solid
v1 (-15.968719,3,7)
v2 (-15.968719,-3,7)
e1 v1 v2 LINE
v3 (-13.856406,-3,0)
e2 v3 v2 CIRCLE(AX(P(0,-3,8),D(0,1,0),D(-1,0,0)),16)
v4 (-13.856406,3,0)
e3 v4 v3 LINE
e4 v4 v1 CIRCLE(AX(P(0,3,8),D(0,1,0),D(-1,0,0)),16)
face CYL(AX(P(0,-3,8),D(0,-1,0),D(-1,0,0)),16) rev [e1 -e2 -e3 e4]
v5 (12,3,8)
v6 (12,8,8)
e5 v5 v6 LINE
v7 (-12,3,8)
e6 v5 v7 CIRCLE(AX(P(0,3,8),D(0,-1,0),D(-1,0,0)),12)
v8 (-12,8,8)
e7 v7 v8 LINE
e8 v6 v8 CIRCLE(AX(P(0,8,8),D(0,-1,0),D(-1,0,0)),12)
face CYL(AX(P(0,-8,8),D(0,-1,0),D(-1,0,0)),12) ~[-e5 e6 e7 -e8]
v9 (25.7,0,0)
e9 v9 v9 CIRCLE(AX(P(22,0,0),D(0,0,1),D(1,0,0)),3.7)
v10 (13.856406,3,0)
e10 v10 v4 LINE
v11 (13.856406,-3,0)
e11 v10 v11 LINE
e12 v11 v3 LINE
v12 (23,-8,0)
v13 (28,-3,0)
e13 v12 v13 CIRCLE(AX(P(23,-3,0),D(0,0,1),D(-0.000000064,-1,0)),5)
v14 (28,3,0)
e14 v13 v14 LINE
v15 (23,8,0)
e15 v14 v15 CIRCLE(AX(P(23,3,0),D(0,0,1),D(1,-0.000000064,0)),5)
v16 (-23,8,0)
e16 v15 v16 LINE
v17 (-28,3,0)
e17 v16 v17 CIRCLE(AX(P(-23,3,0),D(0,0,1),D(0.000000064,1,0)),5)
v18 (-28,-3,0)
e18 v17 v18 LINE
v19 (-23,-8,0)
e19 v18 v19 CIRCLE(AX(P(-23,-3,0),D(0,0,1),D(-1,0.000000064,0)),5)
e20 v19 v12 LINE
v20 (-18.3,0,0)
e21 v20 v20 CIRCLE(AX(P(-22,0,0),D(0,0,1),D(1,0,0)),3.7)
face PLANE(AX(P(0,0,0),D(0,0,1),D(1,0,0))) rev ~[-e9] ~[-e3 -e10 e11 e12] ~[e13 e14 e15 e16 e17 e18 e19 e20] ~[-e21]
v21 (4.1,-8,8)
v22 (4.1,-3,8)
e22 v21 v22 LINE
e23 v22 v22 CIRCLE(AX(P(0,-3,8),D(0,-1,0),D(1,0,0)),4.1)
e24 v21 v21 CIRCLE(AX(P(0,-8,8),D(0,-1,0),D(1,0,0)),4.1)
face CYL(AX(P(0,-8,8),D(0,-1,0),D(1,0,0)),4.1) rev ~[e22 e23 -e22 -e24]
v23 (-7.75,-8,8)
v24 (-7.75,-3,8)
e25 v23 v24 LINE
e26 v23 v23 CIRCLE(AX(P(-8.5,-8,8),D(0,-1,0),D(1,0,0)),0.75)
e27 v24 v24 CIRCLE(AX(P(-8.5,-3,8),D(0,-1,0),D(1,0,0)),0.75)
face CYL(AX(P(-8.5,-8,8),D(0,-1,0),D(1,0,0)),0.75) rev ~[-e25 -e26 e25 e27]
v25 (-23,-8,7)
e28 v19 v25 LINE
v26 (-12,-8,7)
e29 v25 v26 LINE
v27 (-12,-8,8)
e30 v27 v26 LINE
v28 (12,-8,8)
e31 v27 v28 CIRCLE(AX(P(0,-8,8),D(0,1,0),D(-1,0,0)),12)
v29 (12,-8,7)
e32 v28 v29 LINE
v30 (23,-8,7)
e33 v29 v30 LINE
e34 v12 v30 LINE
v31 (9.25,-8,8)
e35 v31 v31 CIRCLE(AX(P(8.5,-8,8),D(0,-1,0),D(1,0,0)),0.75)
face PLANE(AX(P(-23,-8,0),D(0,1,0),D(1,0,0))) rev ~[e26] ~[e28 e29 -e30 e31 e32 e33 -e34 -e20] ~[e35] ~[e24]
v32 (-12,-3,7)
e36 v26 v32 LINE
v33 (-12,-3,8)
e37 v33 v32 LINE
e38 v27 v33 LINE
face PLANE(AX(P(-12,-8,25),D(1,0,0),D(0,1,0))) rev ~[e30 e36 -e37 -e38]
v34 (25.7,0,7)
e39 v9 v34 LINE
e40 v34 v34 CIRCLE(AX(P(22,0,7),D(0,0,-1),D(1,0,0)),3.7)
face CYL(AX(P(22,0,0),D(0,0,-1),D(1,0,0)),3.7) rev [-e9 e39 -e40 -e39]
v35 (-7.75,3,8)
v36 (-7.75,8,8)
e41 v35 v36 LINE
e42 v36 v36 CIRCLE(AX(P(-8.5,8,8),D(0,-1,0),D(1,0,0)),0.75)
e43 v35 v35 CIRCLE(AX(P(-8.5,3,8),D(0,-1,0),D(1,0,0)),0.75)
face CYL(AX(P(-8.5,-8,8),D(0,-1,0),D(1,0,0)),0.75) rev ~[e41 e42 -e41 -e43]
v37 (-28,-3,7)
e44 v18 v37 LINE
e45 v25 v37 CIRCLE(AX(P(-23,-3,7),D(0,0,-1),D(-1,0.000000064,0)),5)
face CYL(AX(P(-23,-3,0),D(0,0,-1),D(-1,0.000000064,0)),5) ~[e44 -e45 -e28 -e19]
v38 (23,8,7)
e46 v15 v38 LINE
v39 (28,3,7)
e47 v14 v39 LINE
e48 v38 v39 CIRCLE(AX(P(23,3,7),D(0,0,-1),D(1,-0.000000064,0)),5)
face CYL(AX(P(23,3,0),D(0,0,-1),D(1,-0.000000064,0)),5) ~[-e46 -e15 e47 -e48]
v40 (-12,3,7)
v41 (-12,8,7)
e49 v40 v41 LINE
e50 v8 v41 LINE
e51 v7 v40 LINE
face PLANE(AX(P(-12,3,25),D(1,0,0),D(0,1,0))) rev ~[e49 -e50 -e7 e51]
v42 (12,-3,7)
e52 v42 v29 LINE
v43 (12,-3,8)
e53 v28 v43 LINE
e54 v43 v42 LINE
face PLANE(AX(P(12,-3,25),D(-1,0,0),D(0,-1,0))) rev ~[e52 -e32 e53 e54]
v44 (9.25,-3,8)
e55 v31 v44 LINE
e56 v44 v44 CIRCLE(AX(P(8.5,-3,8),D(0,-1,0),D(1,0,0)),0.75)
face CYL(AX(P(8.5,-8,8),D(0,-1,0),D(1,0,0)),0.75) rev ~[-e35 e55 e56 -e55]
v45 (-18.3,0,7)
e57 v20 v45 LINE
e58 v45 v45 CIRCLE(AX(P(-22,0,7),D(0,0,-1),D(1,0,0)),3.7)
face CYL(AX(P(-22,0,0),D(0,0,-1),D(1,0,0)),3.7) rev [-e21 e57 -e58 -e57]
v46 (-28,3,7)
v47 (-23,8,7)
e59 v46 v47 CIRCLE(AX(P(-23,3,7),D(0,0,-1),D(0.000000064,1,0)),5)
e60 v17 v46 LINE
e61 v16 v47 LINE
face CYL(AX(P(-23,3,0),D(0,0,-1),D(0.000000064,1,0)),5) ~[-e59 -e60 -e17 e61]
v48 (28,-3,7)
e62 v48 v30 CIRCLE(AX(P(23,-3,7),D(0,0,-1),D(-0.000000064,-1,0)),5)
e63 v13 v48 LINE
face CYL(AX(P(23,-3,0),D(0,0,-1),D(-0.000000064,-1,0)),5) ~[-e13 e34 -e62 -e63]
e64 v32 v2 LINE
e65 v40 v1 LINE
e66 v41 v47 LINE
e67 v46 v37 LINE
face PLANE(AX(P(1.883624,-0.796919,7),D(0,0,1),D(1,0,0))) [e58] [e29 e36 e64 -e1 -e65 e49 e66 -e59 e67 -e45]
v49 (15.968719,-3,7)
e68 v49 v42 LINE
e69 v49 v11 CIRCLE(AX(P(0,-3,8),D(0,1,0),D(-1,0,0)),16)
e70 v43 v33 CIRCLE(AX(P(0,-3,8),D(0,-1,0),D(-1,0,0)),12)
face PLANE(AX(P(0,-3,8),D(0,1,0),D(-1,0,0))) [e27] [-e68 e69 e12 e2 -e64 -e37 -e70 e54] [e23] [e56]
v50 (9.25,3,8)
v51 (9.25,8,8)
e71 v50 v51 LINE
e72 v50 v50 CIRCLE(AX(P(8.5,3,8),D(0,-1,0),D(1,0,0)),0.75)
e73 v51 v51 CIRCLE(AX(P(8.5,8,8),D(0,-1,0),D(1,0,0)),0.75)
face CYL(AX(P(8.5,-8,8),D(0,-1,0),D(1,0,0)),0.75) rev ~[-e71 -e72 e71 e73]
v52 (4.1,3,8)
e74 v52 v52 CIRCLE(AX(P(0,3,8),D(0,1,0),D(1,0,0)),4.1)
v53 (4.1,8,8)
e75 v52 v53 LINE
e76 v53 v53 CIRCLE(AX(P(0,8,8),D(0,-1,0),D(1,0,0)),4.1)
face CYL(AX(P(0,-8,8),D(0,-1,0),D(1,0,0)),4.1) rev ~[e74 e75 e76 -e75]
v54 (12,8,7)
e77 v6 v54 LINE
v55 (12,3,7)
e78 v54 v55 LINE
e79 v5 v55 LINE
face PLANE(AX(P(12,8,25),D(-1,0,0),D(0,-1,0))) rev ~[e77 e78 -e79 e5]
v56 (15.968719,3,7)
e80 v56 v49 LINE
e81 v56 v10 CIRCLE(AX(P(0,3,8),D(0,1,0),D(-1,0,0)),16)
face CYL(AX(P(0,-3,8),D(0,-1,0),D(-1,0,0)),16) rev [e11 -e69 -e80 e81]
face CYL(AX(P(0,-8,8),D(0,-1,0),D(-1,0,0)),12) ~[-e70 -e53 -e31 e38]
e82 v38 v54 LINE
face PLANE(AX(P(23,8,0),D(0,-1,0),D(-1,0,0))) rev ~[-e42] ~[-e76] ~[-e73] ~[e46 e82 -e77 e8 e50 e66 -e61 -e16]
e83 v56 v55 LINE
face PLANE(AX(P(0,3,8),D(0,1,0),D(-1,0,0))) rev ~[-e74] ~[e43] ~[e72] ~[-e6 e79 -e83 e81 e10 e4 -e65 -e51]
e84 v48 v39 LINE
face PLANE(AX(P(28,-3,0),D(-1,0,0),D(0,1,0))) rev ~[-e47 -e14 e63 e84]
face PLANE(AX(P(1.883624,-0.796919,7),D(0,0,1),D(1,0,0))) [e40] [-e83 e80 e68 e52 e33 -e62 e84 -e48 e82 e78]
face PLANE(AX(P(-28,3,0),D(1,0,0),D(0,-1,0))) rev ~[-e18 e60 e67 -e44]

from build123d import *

# Parameters (mm, degrees)
F0_R     = 3.7
F1_DEPTH = 25
F2_W     = 81.575442
F2_H     = 50.133398
F3_DEPTH = 18
F4_R     = 4.1
F4_R_2   = 0.75
F5_DEPTH = 16.001
F6_R     = 16
F7_DEPTH = 6


with BuildPart() as f1:
    # F0 (on Top) → F1 (new body)
    with BuildSketch(Plane.XY):
        with BuildLine():
            Line((-28, 3), (-28, 0))
            Line((-28, 0), (-28, -3))
            ThreePointArc((-28, -3), (-26.535534, -6.535534), (-23, -8))
            Line((-23, -8), (0, -8))
            Line((0, -8), (23, -8))
            ThreePointArc((23, -8), (26.535534, -6.535534), (28, -3))
            Line((28, -3), (28, 0))
            Line((28, 0), (28, 3))
            ThreePointArc((28, 3), (26.535534, 6.535534), (23, 8))
            Line((23, 8), (0, 8))
            Line((0, 8), (-23, 8))
            ThreePointArc((-23, 8), (-26.535534, 6.535534), (-28, 3))
        make_face()
        with Locations((-22, 0)):
            Circle(F0_R, mode=Mode.SUBTRACT)
        with Locations((22, 0)):
            Circle(F0_R, mode=Mode.SUBTRACT)
    extrude(amount=F1_DEPTH)

    # F2 (on face) → F3 (cut)
    with BuildSketch(Plane.XY.offset(25)):
        with Locations((1.883624, -0.796919)):
            Rectangle(F2_W, F2_H)
        Polygon((0, -3), (12, -3), (12, -8), (0, -8), (-12, -8), (-12, -3), align=None, mode=Mode.SUBTRACT)
        Polygon((12, 3), (0, 3), (-12, 3), (-12, 8), (0, 8), (12, 8), align=None, mode=Mode.SUBTRACT)
    extrude(amount=-F3_DEPTH, mode=Mode.SUBTRACT)

    # F4 (on face) → F5 (cut, through all)
    with BuildSketch(Plane.XZ.offset(8)):
        with Locations((0, 8)):
            Circle(F4_R)
        with Locations((-8.5, 8)):
            Circle(F4_R_2)
        with Locations((8.5, 8)):
            Circle(F4_R_2)
        with BuildLine():
            Line((-15.281343, 8), (-12, 8))
            ThreePointArc((-12, 8), (0, 20), (12, 8))
            Line((12, 8), (15.281343, 8))
            Line((15.281343, 8), (15.281343, 26.349186))
            Line((15.281343, 26.349186), (0, 26.349186))
            Line((0, 26.349186), (-15.281343, 26.349186))
            Line((-15.281343, 26.349186), (-15.281343, 8))
        make_face()
    extrude(amount=-F5_DEPTH, mode=Mode.SUBTRACT)

    # F6 (on face) → F7 (cut)
    with BuildSketch(Plane(origin=(0, -3, 0), x_dir=(-1, 0, 0), z_dir=(0, 1, 0))):
        with Locations((0, 8)):
            Circle(F6_R)
    extrude(amount=F7_DEPTH, mode=Mode.SUBTRACT)


solid = f1.part
